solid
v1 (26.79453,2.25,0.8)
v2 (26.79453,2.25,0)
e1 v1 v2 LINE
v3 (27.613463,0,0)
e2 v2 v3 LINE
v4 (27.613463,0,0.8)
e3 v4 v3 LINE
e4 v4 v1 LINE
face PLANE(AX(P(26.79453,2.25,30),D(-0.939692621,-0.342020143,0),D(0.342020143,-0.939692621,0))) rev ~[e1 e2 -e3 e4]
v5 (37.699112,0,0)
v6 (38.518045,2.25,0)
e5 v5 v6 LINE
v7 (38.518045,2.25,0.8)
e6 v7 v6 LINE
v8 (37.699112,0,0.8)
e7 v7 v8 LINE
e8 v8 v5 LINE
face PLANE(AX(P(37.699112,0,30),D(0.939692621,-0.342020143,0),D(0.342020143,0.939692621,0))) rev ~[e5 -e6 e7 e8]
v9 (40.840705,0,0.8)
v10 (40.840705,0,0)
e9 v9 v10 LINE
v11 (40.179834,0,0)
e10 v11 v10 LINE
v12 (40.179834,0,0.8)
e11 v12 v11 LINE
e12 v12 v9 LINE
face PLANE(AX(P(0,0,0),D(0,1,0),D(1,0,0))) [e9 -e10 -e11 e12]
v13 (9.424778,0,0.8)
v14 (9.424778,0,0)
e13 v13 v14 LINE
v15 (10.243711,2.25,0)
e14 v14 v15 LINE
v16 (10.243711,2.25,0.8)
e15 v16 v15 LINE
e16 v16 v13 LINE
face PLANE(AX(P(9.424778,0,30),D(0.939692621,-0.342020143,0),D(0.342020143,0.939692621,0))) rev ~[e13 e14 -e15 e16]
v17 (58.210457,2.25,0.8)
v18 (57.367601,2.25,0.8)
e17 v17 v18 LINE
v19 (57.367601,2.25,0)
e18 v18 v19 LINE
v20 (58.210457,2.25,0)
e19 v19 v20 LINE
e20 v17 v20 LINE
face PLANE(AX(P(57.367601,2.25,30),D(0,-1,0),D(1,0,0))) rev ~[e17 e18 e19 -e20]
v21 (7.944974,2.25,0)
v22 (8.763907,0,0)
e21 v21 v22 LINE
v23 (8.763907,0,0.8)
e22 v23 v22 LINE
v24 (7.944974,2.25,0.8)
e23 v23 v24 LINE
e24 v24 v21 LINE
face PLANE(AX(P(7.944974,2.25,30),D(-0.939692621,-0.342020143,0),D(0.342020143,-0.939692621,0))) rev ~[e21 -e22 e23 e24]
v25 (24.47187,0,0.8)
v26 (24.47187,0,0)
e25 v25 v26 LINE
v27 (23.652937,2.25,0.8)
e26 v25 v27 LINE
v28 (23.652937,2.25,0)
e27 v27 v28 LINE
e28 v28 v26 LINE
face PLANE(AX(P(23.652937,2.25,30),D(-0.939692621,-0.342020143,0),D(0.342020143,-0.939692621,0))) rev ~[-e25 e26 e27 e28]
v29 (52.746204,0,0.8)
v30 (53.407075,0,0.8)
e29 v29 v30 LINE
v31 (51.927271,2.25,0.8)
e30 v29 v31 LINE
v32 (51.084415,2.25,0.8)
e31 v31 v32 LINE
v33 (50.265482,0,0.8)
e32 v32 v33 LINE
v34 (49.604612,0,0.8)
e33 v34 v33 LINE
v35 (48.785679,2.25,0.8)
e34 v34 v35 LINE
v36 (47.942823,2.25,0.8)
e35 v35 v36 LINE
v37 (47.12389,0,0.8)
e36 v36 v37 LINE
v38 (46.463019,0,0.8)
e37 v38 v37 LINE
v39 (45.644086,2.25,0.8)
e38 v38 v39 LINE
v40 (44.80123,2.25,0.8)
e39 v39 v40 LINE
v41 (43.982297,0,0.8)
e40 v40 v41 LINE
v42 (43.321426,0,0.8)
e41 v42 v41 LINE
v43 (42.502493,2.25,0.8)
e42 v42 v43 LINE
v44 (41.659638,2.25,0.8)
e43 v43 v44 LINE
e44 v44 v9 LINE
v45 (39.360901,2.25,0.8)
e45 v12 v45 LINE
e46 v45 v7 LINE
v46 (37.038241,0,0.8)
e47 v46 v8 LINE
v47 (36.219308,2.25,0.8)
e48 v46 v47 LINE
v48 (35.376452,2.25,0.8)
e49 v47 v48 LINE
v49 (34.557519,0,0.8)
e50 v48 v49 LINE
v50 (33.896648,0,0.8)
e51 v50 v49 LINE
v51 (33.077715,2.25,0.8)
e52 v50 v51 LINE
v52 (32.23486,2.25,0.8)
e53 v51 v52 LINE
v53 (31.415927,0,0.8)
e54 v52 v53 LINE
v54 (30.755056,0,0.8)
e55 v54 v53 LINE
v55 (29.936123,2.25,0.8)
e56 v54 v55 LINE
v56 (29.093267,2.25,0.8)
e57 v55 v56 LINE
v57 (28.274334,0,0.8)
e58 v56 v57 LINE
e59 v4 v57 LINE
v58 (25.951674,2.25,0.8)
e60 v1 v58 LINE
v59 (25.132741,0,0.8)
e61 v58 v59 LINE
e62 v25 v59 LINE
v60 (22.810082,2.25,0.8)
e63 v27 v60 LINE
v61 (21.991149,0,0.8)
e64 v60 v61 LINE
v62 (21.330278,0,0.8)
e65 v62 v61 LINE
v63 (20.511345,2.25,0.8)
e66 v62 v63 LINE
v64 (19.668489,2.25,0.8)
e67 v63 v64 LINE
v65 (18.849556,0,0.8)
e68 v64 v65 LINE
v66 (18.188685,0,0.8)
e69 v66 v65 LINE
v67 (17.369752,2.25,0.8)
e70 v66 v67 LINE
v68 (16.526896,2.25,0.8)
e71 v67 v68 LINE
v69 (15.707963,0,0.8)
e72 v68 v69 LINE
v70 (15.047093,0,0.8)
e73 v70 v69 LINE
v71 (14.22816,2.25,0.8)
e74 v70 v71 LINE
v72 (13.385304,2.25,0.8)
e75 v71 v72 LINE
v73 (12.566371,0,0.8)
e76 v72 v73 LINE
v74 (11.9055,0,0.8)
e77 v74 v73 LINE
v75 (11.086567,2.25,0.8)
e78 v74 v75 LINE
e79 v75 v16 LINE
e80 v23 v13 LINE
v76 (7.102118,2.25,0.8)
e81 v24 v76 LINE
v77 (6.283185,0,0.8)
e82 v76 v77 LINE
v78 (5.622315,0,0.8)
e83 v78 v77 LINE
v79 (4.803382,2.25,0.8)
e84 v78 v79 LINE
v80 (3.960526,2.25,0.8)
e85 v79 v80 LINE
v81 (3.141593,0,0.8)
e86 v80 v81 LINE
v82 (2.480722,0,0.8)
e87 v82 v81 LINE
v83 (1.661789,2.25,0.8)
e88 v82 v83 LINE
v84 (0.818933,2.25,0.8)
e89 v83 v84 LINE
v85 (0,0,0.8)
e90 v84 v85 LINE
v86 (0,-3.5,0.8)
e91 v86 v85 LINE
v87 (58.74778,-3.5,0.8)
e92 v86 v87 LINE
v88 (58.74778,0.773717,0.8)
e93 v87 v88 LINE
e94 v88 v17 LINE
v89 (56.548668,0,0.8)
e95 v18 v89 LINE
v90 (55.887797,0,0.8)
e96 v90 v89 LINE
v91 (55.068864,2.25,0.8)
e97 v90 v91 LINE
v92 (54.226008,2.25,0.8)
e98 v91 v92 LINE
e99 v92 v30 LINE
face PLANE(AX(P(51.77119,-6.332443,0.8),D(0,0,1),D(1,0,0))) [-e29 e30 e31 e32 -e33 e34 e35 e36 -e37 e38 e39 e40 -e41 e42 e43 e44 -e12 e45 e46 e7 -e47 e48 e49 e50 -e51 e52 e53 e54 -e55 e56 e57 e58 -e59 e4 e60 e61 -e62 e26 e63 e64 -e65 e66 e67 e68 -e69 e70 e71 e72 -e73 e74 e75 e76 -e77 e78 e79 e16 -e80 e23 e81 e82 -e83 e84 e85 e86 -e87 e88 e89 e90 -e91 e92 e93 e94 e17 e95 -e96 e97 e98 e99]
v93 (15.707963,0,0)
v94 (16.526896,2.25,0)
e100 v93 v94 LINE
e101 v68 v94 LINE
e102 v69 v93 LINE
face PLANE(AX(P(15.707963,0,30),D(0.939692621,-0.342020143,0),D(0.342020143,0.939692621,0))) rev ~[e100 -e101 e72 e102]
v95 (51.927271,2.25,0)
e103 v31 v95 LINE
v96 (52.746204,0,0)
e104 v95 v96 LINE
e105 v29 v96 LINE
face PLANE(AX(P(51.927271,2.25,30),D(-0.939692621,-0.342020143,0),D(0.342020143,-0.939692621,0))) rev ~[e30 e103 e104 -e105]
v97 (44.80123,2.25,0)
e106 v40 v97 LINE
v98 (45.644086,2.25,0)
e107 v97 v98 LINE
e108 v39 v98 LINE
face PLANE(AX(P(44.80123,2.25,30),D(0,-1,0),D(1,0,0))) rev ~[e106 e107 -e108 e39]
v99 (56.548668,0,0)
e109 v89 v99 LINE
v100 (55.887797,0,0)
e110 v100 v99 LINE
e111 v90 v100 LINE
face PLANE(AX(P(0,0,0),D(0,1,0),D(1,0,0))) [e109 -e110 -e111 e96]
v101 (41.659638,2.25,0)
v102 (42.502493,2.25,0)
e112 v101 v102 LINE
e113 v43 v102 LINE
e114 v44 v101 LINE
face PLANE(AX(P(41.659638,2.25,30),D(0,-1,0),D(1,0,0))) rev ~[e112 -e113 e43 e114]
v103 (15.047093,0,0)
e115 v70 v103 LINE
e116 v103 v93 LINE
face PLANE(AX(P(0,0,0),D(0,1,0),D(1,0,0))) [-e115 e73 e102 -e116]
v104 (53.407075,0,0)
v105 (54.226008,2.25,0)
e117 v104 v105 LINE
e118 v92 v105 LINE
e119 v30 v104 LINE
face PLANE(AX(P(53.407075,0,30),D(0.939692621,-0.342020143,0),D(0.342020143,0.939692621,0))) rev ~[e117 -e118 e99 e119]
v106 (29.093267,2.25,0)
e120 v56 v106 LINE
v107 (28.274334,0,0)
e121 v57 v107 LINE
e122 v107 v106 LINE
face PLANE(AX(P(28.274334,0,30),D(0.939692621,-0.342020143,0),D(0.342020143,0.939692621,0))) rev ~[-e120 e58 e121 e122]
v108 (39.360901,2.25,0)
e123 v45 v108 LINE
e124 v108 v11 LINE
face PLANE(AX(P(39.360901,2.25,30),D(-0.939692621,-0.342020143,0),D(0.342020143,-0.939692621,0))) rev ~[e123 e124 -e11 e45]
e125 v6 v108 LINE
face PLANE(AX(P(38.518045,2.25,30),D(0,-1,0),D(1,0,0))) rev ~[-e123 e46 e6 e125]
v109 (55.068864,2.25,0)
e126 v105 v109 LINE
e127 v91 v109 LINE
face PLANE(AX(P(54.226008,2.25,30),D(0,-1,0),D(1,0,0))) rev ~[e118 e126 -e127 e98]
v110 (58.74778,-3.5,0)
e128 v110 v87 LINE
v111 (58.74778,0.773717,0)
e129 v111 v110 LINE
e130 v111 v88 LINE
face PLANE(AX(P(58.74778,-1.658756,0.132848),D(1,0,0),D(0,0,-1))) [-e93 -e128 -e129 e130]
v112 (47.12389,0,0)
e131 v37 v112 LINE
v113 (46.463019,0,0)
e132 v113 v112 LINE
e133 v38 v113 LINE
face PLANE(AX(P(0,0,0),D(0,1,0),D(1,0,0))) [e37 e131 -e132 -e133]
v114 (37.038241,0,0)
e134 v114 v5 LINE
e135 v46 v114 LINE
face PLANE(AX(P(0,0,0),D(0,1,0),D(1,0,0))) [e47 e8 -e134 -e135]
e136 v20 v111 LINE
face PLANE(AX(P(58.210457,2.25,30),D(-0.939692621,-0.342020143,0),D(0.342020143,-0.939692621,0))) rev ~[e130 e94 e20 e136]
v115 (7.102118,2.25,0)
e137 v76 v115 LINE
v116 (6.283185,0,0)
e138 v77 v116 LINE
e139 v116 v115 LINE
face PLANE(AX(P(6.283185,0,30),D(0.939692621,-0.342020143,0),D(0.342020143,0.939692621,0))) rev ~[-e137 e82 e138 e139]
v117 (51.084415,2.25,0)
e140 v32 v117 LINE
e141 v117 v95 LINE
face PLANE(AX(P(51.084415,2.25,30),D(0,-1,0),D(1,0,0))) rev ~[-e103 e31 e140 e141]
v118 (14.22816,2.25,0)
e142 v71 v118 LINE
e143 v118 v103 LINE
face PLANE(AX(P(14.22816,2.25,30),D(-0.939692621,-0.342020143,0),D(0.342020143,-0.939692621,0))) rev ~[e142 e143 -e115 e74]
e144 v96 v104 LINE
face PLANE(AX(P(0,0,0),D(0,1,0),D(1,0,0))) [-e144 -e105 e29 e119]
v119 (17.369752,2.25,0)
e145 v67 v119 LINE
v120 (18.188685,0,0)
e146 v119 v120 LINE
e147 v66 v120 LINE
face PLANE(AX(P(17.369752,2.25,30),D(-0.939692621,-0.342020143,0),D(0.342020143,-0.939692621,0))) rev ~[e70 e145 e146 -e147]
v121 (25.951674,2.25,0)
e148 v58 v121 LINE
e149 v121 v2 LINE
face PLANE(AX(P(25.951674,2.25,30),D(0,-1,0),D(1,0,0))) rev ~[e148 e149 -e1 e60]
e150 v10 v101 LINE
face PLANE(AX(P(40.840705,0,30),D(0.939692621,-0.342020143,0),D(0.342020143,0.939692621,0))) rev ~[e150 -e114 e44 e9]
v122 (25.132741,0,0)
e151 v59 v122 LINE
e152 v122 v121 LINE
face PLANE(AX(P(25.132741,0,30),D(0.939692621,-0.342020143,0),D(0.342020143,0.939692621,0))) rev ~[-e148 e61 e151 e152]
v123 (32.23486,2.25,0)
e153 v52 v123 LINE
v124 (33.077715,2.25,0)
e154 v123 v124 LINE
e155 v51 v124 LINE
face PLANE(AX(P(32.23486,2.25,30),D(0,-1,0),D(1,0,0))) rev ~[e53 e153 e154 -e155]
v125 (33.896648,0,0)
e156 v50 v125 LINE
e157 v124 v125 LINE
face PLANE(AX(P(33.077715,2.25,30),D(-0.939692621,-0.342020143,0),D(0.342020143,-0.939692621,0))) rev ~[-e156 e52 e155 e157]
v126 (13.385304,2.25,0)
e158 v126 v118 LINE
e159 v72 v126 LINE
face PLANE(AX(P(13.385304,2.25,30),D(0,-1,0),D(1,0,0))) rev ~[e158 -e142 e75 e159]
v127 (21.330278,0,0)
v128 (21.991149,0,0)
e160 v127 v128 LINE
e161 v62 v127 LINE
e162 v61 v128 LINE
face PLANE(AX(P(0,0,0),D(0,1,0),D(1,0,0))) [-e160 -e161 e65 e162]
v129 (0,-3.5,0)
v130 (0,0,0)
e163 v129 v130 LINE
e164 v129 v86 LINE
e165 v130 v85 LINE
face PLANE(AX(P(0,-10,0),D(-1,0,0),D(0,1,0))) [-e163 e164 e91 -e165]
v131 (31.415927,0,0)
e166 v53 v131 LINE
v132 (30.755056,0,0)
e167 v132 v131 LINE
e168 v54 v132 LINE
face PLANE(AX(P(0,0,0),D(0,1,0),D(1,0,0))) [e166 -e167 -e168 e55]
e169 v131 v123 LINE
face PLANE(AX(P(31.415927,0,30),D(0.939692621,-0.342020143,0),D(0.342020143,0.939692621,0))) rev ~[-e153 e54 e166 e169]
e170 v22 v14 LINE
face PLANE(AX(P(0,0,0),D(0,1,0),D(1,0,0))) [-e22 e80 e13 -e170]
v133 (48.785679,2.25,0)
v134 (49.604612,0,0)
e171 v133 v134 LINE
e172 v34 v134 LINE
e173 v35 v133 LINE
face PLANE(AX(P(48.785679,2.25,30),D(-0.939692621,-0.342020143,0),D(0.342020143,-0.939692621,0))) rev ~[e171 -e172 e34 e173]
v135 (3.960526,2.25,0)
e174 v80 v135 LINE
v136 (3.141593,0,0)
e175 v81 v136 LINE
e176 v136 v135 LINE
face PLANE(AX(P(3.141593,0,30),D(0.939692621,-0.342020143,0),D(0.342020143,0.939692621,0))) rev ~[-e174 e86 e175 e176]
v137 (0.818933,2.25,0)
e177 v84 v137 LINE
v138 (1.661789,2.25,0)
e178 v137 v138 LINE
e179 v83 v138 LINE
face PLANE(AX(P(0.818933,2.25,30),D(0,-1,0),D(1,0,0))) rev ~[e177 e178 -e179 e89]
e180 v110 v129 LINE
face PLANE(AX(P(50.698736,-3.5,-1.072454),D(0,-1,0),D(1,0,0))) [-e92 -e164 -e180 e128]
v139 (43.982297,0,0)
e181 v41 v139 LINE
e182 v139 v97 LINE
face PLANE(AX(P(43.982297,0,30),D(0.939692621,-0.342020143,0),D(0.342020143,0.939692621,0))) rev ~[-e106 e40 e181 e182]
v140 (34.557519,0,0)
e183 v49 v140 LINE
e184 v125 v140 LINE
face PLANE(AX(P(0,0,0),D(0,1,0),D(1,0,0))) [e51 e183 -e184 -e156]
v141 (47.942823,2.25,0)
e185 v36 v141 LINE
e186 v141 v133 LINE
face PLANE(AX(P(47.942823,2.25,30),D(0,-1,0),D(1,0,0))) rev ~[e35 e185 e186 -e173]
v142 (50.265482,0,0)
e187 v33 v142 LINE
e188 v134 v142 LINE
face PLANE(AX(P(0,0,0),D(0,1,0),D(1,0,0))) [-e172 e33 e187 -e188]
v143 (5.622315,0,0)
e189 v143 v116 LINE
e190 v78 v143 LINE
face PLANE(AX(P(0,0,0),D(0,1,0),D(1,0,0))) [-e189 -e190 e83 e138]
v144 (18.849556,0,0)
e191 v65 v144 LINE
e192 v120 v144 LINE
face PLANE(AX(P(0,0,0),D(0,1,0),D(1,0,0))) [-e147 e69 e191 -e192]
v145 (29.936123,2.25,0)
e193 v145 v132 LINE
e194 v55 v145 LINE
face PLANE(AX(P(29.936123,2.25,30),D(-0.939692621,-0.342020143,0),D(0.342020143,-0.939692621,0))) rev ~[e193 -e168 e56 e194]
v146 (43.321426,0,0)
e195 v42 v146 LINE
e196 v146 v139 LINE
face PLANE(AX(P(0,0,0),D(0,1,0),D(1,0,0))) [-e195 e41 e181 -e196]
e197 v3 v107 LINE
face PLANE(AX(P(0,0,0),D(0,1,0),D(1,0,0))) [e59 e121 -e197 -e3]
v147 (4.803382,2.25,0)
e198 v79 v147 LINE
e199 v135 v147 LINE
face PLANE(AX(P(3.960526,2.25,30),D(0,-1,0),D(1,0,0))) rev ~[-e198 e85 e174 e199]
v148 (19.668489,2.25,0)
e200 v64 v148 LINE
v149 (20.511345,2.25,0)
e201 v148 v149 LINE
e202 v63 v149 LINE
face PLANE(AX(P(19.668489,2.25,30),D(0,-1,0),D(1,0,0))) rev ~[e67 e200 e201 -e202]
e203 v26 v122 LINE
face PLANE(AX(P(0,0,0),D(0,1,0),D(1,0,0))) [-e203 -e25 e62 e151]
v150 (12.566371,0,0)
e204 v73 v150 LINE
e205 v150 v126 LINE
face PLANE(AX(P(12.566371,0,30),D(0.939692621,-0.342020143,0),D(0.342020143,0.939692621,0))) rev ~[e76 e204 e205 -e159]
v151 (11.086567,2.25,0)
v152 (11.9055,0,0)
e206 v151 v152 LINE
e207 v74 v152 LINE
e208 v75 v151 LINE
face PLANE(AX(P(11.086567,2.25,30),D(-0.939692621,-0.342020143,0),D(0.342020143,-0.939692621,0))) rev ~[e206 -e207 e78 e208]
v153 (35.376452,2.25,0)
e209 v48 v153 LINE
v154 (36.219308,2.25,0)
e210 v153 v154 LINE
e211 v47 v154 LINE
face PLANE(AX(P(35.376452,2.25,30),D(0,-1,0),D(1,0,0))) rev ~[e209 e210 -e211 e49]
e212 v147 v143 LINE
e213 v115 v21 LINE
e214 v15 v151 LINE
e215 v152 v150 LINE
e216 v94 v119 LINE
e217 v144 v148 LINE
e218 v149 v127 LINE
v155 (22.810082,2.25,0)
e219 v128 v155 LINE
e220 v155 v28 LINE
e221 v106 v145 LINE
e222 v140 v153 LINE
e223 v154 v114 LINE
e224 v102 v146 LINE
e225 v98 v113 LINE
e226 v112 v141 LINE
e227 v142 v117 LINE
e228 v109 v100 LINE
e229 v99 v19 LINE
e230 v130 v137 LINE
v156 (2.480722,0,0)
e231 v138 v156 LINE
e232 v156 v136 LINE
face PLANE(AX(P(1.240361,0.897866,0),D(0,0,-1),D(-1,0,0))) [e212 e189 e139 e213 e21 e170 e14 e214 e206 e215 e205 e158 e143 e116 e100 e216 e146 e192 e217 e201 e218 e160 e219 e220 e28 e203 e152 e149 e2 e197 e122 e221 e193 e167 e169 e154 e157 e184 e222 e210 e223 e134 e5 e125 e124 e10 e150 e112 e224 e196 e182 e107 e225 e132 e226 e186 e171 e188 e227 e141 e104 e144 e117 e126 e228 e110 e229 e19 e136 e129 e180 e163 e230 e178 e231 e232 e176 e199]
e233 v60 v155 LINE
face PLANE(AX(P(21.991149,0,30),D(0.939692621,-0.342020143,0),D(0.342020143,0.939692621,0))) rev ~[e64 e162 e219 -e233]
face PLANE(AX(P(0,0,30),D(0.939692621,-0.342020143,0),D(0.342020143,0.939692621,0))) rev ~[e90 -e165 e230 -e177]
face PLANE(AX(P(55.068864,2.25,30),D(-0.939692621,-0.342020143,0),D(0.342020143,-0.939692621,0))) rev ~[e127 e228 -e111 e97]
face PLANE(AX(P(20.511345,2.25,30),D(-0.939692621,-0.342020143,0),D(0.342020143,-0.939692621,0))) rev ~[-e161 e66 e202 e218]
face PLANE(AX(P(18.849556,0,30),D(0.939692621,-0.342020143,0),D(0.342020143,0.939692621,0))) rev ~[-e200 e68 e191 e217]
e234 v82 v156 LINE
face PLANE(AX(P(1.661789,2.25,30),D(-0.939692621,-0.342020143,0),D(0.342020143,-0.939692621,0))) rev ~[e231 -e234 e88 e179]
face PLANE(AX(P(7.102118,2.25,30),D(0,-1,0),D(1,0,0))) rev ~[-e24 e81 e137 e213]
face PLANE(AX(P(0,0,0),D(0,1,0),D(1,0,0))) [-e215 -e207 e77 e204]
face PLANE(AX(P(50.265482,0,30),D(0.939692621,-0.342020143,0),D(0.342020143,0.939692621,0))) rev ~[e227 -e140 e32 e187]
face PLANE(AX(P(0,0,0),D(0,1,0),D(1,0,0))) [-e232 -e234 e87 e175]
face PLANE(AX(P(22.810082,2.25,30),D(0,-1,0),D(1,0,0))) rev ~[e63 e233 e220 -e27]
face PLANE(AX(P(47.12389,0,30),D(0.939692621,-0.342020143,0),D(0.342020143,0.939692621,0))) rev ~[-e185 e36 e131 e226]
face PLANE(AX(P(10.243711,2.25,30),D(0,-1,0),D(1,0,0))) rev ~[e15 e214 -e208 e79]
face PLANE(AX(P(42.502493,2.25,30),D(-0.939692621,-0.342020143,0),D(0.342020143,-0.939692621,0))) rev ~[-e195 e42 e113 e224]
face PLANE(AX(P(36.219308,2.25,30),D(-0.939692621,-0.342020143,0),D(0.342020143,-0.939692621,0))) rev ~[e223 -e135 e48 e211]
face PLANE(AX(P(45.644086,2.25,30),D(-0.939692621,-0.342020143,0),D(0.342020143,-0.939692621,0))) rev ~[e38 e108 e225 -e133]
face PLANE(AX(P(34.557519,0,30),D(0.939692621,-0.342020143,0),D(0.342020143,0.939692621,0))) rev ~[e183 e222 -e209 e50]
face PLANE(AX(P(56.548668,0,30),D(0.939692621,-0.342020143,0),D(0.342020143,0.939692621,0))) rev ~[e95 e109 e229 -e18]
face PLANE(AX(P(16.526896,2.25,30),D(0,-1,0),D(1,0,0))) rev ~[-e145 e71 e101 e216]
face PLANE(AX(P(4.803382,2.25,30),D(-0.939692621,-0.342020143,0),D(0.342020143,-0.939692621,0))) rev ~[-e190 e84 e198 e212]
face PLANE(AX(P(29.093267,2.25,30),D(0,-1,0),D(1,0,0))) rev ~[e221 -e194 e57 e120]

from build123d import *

# Parameters (mm, degrees)
SKETCH_1_W             = 94.247779608
SKETCH_1_H             = 10
EXTRUDE_1_DEPTH        = 30
EXTRUDE_2_DEPTH        = 30
PATTERN_LINEAR_1_COUNT = 30
PATTERN_LINEAR_1_PITCH = 3.141592654
SKETCH_3_W             = 127.719495272
SKETCH_3_H             = 47.772940979
CUT_EXTRUDE_1_DEPTH    = 29.2
SKETCH_4_W             = 116.864963103
SKETCH_4_H             = 41.403215516
CUT_EXTRUDE_2_DEPTH    = 6.5
SKETCH_5_W             = 7.796889188
SKETCH_5_H             = 8.147498767
CUT_EXTRUDE_3_DEPTH    = 35.5


with BuildPart() as part:
    # 草图1 → 拉伸1 (new body)
    with BuildSketch(Plane.XY):
        with Locations((47.123889804, -5)):
            Rectangle(SKETCH_1_W, SKETCH_1_H)
    extrude(amount=EXTRUDE_1_DEPTH)

    # 草图2 → 拉伸2 (add)
    with BuildSketch(Plane.XY.offset(30)):
        Polygon((0, 0), (0.818933027, 2.25), (1.661788885, 2.25), (2.480721912, 0), align=None)
    extrude_2 = extrude(amount=-EXTRUDE_2_DEPTH)

    # 阵列(线性)1: 拉伸2 ×30
    with Locations(*[(i * PATTERN_LINEAR_1_PITCH, 0, 0) for i in range(1, PATTERN_LINEAR_1_COUNT)]):
        add(extrude_2)

    # 草图3 → 切除-拉伸1 (cut)
    with BuildSketch(Plane.XY.offset(30)):
        with Locations((51.771189505, -6.332442571)):
            Rectangle(SKETCH_3_W, SKETCH_3_H)
    extrude(amount=-CUT_EXTRUDE_1_DEPTH, mode=Mode.SUBTRACT)

    # 草图4 → 切除-拉伸2 (cut)
    with BuildSketch(Plane.XZ.offset(10)):
        with Locations((50.698735728, -1.072453777)):
            Rectangle(SKETCH_4_W, SKETCH_4_H)
    extrude(amount=-CUT_EXTRUDE_2_DEPTH, mode=Mode.SUBTRACT)

    # 草图5 → 切除-拉伸3 (cut)
    with BuildSketch(Plane(origin=(94.247779608, 0, 0), x_dir=(0, 0, -1), z_dir=(1, 0, 0))):
        with Locations((-0.132848354, -1.658756065)):
            Rectangle(SKETCH_5_W, SKETCH_5_H)
    extrude(amount=-CUT_EXTRUDE_3_DEPTH, mode=Mode.SUBTRACT)


solid = part.part
